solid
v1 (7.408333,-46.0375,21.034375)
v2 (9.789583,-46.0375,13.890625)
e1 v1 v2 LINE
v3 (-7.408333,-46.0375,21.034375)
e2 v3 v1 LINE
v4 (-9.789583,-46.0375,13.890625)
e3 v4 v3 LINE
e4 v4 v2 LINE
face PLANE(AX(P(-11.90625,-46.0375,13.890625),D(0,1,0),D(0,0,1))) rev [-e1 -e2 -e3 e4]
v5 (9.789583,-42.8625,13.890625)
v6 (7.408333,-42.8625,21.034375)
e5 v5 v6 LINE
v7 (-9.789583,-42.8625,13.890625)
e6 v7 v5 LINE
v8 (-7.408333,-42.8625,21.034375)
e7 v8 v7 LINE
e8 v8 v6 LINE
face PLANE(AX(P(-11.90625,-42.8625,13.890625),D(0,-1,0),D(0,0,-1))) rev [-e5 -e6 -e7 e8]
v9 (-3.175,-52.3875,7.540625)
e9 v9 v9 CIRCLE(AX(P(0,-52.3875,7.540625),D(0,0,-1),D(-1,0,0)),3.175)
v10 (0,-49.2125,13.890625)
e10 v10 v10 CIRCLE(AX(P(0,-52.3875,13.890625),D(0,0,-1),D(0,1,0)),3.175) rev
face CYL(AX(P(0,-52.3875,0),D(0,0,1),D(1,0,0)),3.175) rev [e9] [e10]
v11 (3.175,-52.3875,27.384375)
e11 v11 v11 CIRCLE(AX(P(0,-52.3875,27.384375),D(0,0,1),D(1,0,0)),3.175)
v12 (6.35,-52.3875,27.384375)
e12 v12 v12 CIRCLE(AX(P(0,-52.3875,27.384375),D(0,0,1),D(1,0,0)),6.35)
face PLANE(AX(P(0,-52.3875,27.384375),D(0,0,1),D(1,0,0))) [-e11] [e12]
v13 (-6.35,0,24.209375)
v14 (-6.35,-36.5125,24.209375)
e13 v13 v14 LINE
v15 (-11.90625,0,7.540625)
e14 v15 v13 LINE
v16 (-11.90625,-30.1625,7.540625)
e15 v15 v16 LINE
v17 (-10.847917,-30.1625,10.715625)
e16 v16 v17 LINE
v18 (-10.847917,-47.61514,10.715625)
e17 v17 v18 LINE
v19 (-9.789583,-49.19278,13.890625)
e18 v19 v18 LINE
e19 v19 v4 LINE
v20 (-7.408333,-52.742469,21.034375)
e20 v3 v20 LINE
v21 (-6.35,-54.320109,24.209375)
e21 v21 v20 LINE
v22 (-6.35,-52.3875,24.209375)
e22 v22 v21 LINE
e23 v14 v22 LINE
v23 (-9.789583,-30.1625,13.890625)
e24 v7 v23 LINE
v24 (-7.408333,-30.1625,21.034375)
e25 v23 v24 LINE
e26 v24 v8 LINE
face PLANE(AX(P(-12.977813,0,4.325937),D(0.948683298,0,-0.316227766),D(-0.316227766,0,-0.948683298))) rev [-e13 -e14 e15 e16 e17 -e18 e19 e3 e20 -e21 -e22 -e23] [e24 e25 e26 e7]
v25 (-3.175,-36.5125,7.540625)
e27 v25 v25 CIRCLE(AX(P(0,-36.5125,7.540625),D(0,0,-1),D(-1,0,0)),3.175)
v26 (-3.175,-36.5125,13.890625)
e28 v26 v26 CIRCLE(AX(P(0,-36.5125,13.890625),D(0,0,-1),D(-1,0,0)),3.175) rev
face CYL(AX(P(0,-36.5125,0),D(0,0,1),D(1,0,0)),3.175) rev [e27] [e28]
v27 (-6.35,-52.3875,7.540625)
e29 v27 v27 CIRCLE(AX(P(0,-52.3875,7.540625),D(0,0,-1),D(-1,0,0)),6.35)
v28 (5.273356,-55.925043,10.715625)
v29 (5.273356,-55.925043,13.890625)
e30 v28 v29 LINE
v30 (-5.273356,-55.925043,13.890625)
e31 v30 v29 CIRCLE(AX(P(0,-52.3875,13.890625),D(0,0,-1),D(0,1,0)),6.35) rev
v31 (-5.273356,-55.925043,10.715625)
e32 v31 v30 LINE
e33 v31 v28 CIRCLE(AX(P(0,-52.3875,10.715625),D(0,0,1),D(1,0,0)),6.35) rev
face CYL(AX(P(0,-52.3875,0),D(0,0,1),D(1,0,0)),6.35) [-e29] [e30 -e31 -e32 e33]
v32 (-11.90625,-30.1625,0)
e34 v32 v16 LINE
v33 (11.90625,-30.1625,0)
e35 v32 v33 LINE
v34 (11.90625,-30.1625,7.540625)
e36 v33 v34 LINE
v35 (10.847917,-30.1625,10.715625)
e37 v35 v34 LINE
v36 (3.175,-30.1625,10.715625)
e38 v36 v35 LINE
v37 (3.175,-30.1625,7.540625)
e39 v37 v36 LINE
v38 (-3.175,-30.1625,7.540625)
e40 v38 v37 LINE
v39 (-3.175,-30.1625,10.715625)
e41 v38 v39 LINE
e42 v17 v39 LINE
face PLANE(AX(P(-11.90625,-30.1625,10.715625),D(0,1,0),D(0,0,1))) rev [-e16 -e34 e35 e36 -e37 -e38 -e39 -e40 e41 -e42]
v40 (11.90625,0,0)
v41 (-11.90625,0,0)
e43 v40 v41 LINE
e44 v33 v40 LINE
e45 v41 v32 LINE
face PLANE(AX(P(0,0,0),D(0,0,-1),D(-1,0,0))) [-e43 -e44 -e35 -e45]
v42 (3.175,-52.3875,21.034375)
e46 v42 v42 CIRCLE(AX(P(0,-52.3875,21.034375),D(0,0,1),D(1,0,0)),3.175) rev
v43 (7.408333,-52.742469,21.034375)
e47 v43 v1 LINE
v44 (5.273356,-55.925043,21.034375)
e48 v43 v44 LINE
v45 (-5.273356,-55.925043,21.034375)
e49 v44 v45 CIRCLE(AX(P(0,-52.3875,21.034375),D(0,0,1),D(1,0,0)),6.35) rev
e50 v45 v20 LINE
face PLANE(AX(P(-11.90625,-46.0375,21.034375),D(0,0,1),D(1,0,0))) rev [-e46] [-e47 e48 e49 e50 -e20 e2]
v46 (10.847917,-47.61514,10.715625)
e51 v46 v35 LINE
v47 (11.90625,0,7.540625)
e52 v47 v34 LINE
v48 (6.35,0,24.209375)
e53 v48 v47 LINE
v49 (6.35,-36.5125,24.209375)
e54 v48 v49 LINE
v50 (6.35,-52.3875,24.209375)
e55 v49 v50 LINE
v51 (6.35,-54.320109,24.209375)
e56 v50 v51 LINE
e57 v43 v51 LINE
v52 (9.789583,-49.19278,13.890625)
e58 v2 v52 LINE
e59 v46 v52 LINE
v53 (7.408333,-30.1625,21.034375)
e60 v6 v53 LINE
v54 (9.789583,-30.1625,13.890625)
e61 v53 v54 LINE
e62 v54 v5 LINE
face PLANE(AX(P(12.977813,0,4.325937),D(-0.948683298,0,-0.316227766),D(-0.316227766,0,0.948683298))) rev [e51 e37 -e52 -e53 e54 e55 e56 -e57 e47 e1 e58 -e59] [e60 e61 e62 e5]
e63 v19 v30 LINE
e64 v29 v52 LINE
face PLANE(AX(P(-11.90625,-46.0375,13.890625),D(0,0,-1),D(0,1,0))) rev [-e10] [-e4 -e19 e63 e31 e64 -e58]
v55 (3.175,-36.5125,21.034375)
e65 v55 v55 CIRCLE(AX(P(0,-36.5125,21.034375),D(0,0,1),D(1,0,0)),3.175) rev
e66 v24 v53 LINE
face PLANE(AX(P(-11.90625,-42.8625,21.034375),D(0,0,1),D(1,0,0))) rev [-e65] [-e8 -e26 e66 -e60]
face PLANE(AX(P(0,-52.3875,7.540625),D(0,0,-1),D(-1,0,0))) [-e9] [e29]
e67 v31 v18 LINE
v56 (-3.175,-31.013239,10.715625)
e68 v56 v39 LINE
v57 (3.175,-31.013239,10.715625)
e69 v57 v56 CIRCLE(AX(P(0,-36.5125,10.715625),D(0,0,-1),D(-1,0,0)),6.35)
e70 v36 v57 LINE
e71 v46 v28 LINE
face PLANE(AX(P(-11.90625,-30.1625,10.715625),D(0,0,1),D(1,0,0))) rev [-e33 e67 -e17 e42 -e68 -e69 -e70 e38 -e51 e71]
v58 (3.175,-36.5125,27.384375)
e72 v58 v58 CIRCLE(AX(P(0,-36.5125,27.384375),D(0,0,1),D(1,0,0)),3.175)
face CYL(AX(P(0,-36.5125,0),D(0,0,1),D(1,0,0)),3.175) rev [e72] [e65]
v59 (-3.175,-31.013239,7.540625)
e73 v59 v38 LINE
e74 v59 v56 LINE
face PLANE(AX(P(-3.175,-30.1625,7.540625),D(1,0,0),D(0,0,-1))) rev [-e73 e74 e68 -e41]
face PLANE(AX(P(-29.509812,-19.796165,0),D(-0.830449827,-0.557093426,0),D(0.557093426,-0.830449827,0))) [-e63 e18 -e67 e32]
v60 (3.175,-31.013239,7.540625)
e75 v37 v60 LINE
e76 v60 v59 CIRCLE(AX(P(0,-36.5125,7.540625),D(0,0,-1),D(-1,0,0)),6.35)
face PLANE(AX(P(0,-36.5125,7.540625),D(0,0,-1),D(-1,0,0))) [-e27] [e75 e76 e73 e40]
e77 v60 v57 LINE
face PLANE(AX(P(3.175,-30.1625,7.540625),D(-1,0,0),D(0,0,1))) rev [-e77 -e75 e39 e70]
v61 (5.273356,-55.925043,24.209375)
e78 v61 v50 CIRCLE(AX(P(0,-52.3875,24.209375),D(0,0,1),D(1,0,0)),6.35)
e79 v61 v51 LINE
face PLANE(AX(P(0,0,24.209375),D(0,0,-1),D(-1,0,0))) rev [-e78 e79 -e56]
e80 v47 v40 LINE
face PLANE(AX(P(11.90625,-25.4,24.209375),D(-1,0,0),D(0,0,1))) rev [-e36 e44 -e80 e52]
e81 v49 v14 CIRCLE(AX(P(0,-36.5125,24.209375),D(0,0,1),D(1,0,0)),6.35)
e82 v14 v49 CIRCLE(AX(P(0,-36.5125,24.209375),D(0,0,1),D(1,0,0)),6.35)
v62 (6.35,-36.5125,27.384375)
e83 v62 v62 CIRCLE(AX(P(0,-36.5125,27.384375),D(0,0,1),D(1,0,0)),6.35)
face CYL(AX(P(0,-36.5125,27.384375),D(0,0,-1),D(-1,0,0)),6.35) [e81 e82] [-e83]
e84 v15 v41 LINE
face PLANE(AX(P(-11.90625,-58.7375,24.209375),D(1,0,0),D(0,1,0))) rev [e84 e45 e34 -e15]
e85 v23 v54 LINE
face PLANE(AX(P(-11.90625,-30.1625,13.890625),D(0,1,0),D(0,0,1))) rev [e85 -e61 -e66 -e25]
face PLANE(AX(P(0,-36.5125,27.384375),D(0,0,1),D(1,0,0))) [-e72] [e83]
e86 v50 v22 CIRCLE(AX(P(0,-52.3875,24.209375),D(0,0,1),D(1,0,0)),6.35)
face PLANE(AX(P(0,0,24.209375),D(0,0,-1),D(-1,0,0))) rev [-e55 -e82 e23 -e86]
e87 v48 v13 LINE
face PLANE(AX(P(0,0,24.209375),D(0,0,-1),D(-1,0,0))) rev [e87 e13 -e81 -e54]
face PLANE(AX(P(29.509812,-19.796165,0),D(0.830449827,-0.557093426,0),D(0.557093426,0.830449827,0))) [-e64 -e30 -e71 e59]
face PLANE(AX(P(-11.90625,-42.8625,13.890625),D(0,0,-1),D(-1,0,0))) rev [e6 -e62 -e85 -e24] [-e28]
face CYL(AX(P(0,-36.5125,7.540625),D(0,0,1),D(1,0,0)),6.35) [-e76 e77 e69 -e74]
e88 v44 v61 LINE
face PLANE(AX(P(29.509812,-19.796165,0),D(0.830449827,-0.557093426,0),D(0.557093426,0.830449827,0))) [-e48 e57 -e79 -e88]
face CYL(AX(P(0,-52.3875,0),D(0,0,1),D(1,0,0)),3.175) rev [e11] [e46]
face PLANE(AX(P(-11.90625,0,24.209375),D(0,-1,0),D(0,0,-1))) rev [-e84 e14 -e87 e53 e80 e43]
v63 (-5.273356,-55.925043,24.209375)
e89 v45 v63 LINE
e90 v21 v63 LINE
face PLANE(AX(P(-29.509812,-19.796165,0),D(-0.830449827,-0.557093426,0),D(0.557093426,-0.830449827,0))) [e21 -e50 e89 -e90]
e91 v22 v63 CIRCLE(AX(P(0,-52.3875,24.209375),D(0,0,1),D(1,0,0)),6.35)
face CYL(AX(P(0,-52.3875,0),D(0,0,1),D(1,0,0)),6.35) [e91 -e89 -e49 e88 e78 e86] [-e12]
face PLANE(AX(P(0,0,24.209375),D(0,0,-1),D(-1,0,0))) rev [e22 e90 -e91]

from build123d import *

# Parameters (mm, degrees)
BOSS_EXTRUDE1_DEPTH     = 24.209375
CUT_EXTRUDE1_DEPTH      = 65.637036854
CUT_EXTRUDE2_DEPTH      = 65.637036854
SKETCH4_R               = 3.175
CUT_EXTRUDE3_DEPTH      = 65.637036854
SKETCH5_W               = 7.14375
SKETCH5_H               = 12.7
SKETCH5_W_2             = 10.715625
SKETCH5_H_2             = 28.575
CUT_EXTRUDE4_DEPTH      = 65.637036854
CUT_EXTRUDE4_DEPTH_BACK = 65.637036854
SKETCH6_R               = 6.35
SKETCH6_R_2             = 3.175
BOSS_EXTRUDE2_DEPTH     = 3.175
SKETCH7_R               = 6.35
SKETCH7_R_2             = 3.175
BOSS_EXTRUDE4_DEPTH     = 3.175


with BuildPart() as part:
    # Sketch1 → Boss-Extrude1 (new body)
    with BuildSketch(Plane.XY):
        Polygon((-11.90625, 0), (11.90625, 0), (11.90625, -25.4), (11.90625, -58.7375), (-11.90625, -58.7375), (-11.90625, -25.4), align=None)
    extrude(amount=BOSS_EXTRUDE1_DEPTH)

    # Sketch2 → Cut-Extrude1 (cut, through all)
    with BuildSketch(Plane.XZ.offset(58.7375)):
        Polygon((-11.90625, 24.209375), (-11.90625, 7.540625), (-6.35, 24.209375), align=None)
        Polygon((11.90625, 24.209375), (6.35, 24.209375), (11.90625, 7.540625), align=None)
    extrude(amount=-CUT_EXTRUDE1_DEPTH, mode=Mode.SUBTRACT)

    # Sketch3 → Cut-Extrude2 (cut, through all)
    with BuildSketch(Plane.XY.offset(24.209375)):
        Polygon((-11.90625, -58.7375), (-6.35, -58.7375), (-6.35, -54.320108696), (-11.90625, -46.0375), align=None)
        Polygon((11.90625, -46.0375), (6.35, -54.320108696), (6.35, -58.7375), (11.90625, -58.7375), align=None)
        with BuildLine():
            Line((6.35, -54.320108696), (5.273356401, -55.925043253))
            ThreePointArc((5.273356401, -55.925043253), (2.988235294, -57.990441176), (0, -58.7375))
            Line((0, -58.7375), (6.35, -58.7375))
            Line((6.35, -58.7375), (6.35, -54.320108696))
        make_face()
        with BuildLine():
            Line((-6.35, -58.7375), (0, -58.7375))
            ThreePointArc((0, -58.7375), (-2.988235294, -57.990441176), (-5.273356401, -55.925043253))
            Line((-5.273356401, -55.925043253), (-6.35, -54.320108696))
            Line((-6.35, -54.320108696), (-6.35, -58.7375))
        make_face()
    extrude(amount=-CUT_EXTRUDE2_DEPTH, mode=Mode.SUBTRACT)

    # Sketch4 → Cut-Extrude3 (cut, through all)
    with BuildSketch(Plane.XY.offset(24.209375)):
        with Locations((0, -52.3875)):
            Circle(SKETCH4_R)
        with Locations((0, -36.5125)):
            Circle(SKETCH4_R)
    extrude(amount=-CUT_EXTRUDE3_DEPTH, mode=Mode.SUBTRACT)

    # Sketch5 → Cut-Extrude4 (cut, two sides)
    with BuildSketch(Plane(origin=(0, 0, 0), x_dir=(0, 0, -1), z_dir=(1, 0, 0))) as cut_extrude4_sk:
        with Locations((-17.4625, -52.3875)):
            Rectangle(SKETCH5_W, SKETCH5_H)
        with Locations((-17.4625, -36.5125)):
            Rectangle(SKETCH5_W, SKETCH5_H)
        with Locations((-5.3578125, -44.45)):
            Rectangle(SKETCH5_W_2, SKETCH5_H_2)
    extrude(amount=CUT_EXTRUDE4_DEPTH, mode=Mode.SUBTRACT)
    extrude(cut_extrude4_sk.sketch, amount=-CUT_EXTRUDE4_DEPTH_BACK, mode=Mode.SUBTRACT)

    # Sketch6 → Boss-Extrude2 (add)
    with BuildSketch(Plane.XY.offset(24.209375)):
        with Locations((0, -36.5125)):
            Circle(SKETCH6_R)
        with Locations((0, -36.5125)):
            Circle(SKETCH6_R_2, mode=Mode.SUBTRACT)
        with Locations((0, -52.3875)):
            Circle(SKETCH6_R)
        with Locations((0, -52.3875)):
            Circle(SKETCH6_R_2, mode=Mode.SUBTRACT)
    extrude(amount=BOSS_EXTRUDE2_DEPTH)

    # Sketch7 → Boss-Extrude4 (add)
    with BuildSketch(Plane(origin=(0, 0, 10.715625), x_dir=(-1, 0, 0), z_dir=(0, 0, -1))):
        with Locations(Location((0, -52.3875, 0), (0, 0, 213.855026128))):
            Circle(SKETCH7_R)
        with Locations(Location((0, -52.3875, 0), (0, 0, 180))):
            Circle(SKETCH7_R_2, mode=Mode.SUBTRACT)
        with BuildLine():
            Line((-3.175, -30.1625), (-3.175, -31.013238686))
            ThreePointArc((-3.175, -31.013238686), (0, -42.8625), (3.175, -31.013238686))
            Line((3.175, -31.013238686), (3.175, -30.1625))
            Line((3.175, -30.1625), (-3.175, -30.1625))
        make_face()
        with Locations(Location((0, -36.5125, 0), (0, 0, 180))):
            Circle(SKETCH7_R_2, mode=Mode.SUBTRACT)
    extrude(amount=BOSS_EXTRUDE4_DEPTH)


solid = part.part
